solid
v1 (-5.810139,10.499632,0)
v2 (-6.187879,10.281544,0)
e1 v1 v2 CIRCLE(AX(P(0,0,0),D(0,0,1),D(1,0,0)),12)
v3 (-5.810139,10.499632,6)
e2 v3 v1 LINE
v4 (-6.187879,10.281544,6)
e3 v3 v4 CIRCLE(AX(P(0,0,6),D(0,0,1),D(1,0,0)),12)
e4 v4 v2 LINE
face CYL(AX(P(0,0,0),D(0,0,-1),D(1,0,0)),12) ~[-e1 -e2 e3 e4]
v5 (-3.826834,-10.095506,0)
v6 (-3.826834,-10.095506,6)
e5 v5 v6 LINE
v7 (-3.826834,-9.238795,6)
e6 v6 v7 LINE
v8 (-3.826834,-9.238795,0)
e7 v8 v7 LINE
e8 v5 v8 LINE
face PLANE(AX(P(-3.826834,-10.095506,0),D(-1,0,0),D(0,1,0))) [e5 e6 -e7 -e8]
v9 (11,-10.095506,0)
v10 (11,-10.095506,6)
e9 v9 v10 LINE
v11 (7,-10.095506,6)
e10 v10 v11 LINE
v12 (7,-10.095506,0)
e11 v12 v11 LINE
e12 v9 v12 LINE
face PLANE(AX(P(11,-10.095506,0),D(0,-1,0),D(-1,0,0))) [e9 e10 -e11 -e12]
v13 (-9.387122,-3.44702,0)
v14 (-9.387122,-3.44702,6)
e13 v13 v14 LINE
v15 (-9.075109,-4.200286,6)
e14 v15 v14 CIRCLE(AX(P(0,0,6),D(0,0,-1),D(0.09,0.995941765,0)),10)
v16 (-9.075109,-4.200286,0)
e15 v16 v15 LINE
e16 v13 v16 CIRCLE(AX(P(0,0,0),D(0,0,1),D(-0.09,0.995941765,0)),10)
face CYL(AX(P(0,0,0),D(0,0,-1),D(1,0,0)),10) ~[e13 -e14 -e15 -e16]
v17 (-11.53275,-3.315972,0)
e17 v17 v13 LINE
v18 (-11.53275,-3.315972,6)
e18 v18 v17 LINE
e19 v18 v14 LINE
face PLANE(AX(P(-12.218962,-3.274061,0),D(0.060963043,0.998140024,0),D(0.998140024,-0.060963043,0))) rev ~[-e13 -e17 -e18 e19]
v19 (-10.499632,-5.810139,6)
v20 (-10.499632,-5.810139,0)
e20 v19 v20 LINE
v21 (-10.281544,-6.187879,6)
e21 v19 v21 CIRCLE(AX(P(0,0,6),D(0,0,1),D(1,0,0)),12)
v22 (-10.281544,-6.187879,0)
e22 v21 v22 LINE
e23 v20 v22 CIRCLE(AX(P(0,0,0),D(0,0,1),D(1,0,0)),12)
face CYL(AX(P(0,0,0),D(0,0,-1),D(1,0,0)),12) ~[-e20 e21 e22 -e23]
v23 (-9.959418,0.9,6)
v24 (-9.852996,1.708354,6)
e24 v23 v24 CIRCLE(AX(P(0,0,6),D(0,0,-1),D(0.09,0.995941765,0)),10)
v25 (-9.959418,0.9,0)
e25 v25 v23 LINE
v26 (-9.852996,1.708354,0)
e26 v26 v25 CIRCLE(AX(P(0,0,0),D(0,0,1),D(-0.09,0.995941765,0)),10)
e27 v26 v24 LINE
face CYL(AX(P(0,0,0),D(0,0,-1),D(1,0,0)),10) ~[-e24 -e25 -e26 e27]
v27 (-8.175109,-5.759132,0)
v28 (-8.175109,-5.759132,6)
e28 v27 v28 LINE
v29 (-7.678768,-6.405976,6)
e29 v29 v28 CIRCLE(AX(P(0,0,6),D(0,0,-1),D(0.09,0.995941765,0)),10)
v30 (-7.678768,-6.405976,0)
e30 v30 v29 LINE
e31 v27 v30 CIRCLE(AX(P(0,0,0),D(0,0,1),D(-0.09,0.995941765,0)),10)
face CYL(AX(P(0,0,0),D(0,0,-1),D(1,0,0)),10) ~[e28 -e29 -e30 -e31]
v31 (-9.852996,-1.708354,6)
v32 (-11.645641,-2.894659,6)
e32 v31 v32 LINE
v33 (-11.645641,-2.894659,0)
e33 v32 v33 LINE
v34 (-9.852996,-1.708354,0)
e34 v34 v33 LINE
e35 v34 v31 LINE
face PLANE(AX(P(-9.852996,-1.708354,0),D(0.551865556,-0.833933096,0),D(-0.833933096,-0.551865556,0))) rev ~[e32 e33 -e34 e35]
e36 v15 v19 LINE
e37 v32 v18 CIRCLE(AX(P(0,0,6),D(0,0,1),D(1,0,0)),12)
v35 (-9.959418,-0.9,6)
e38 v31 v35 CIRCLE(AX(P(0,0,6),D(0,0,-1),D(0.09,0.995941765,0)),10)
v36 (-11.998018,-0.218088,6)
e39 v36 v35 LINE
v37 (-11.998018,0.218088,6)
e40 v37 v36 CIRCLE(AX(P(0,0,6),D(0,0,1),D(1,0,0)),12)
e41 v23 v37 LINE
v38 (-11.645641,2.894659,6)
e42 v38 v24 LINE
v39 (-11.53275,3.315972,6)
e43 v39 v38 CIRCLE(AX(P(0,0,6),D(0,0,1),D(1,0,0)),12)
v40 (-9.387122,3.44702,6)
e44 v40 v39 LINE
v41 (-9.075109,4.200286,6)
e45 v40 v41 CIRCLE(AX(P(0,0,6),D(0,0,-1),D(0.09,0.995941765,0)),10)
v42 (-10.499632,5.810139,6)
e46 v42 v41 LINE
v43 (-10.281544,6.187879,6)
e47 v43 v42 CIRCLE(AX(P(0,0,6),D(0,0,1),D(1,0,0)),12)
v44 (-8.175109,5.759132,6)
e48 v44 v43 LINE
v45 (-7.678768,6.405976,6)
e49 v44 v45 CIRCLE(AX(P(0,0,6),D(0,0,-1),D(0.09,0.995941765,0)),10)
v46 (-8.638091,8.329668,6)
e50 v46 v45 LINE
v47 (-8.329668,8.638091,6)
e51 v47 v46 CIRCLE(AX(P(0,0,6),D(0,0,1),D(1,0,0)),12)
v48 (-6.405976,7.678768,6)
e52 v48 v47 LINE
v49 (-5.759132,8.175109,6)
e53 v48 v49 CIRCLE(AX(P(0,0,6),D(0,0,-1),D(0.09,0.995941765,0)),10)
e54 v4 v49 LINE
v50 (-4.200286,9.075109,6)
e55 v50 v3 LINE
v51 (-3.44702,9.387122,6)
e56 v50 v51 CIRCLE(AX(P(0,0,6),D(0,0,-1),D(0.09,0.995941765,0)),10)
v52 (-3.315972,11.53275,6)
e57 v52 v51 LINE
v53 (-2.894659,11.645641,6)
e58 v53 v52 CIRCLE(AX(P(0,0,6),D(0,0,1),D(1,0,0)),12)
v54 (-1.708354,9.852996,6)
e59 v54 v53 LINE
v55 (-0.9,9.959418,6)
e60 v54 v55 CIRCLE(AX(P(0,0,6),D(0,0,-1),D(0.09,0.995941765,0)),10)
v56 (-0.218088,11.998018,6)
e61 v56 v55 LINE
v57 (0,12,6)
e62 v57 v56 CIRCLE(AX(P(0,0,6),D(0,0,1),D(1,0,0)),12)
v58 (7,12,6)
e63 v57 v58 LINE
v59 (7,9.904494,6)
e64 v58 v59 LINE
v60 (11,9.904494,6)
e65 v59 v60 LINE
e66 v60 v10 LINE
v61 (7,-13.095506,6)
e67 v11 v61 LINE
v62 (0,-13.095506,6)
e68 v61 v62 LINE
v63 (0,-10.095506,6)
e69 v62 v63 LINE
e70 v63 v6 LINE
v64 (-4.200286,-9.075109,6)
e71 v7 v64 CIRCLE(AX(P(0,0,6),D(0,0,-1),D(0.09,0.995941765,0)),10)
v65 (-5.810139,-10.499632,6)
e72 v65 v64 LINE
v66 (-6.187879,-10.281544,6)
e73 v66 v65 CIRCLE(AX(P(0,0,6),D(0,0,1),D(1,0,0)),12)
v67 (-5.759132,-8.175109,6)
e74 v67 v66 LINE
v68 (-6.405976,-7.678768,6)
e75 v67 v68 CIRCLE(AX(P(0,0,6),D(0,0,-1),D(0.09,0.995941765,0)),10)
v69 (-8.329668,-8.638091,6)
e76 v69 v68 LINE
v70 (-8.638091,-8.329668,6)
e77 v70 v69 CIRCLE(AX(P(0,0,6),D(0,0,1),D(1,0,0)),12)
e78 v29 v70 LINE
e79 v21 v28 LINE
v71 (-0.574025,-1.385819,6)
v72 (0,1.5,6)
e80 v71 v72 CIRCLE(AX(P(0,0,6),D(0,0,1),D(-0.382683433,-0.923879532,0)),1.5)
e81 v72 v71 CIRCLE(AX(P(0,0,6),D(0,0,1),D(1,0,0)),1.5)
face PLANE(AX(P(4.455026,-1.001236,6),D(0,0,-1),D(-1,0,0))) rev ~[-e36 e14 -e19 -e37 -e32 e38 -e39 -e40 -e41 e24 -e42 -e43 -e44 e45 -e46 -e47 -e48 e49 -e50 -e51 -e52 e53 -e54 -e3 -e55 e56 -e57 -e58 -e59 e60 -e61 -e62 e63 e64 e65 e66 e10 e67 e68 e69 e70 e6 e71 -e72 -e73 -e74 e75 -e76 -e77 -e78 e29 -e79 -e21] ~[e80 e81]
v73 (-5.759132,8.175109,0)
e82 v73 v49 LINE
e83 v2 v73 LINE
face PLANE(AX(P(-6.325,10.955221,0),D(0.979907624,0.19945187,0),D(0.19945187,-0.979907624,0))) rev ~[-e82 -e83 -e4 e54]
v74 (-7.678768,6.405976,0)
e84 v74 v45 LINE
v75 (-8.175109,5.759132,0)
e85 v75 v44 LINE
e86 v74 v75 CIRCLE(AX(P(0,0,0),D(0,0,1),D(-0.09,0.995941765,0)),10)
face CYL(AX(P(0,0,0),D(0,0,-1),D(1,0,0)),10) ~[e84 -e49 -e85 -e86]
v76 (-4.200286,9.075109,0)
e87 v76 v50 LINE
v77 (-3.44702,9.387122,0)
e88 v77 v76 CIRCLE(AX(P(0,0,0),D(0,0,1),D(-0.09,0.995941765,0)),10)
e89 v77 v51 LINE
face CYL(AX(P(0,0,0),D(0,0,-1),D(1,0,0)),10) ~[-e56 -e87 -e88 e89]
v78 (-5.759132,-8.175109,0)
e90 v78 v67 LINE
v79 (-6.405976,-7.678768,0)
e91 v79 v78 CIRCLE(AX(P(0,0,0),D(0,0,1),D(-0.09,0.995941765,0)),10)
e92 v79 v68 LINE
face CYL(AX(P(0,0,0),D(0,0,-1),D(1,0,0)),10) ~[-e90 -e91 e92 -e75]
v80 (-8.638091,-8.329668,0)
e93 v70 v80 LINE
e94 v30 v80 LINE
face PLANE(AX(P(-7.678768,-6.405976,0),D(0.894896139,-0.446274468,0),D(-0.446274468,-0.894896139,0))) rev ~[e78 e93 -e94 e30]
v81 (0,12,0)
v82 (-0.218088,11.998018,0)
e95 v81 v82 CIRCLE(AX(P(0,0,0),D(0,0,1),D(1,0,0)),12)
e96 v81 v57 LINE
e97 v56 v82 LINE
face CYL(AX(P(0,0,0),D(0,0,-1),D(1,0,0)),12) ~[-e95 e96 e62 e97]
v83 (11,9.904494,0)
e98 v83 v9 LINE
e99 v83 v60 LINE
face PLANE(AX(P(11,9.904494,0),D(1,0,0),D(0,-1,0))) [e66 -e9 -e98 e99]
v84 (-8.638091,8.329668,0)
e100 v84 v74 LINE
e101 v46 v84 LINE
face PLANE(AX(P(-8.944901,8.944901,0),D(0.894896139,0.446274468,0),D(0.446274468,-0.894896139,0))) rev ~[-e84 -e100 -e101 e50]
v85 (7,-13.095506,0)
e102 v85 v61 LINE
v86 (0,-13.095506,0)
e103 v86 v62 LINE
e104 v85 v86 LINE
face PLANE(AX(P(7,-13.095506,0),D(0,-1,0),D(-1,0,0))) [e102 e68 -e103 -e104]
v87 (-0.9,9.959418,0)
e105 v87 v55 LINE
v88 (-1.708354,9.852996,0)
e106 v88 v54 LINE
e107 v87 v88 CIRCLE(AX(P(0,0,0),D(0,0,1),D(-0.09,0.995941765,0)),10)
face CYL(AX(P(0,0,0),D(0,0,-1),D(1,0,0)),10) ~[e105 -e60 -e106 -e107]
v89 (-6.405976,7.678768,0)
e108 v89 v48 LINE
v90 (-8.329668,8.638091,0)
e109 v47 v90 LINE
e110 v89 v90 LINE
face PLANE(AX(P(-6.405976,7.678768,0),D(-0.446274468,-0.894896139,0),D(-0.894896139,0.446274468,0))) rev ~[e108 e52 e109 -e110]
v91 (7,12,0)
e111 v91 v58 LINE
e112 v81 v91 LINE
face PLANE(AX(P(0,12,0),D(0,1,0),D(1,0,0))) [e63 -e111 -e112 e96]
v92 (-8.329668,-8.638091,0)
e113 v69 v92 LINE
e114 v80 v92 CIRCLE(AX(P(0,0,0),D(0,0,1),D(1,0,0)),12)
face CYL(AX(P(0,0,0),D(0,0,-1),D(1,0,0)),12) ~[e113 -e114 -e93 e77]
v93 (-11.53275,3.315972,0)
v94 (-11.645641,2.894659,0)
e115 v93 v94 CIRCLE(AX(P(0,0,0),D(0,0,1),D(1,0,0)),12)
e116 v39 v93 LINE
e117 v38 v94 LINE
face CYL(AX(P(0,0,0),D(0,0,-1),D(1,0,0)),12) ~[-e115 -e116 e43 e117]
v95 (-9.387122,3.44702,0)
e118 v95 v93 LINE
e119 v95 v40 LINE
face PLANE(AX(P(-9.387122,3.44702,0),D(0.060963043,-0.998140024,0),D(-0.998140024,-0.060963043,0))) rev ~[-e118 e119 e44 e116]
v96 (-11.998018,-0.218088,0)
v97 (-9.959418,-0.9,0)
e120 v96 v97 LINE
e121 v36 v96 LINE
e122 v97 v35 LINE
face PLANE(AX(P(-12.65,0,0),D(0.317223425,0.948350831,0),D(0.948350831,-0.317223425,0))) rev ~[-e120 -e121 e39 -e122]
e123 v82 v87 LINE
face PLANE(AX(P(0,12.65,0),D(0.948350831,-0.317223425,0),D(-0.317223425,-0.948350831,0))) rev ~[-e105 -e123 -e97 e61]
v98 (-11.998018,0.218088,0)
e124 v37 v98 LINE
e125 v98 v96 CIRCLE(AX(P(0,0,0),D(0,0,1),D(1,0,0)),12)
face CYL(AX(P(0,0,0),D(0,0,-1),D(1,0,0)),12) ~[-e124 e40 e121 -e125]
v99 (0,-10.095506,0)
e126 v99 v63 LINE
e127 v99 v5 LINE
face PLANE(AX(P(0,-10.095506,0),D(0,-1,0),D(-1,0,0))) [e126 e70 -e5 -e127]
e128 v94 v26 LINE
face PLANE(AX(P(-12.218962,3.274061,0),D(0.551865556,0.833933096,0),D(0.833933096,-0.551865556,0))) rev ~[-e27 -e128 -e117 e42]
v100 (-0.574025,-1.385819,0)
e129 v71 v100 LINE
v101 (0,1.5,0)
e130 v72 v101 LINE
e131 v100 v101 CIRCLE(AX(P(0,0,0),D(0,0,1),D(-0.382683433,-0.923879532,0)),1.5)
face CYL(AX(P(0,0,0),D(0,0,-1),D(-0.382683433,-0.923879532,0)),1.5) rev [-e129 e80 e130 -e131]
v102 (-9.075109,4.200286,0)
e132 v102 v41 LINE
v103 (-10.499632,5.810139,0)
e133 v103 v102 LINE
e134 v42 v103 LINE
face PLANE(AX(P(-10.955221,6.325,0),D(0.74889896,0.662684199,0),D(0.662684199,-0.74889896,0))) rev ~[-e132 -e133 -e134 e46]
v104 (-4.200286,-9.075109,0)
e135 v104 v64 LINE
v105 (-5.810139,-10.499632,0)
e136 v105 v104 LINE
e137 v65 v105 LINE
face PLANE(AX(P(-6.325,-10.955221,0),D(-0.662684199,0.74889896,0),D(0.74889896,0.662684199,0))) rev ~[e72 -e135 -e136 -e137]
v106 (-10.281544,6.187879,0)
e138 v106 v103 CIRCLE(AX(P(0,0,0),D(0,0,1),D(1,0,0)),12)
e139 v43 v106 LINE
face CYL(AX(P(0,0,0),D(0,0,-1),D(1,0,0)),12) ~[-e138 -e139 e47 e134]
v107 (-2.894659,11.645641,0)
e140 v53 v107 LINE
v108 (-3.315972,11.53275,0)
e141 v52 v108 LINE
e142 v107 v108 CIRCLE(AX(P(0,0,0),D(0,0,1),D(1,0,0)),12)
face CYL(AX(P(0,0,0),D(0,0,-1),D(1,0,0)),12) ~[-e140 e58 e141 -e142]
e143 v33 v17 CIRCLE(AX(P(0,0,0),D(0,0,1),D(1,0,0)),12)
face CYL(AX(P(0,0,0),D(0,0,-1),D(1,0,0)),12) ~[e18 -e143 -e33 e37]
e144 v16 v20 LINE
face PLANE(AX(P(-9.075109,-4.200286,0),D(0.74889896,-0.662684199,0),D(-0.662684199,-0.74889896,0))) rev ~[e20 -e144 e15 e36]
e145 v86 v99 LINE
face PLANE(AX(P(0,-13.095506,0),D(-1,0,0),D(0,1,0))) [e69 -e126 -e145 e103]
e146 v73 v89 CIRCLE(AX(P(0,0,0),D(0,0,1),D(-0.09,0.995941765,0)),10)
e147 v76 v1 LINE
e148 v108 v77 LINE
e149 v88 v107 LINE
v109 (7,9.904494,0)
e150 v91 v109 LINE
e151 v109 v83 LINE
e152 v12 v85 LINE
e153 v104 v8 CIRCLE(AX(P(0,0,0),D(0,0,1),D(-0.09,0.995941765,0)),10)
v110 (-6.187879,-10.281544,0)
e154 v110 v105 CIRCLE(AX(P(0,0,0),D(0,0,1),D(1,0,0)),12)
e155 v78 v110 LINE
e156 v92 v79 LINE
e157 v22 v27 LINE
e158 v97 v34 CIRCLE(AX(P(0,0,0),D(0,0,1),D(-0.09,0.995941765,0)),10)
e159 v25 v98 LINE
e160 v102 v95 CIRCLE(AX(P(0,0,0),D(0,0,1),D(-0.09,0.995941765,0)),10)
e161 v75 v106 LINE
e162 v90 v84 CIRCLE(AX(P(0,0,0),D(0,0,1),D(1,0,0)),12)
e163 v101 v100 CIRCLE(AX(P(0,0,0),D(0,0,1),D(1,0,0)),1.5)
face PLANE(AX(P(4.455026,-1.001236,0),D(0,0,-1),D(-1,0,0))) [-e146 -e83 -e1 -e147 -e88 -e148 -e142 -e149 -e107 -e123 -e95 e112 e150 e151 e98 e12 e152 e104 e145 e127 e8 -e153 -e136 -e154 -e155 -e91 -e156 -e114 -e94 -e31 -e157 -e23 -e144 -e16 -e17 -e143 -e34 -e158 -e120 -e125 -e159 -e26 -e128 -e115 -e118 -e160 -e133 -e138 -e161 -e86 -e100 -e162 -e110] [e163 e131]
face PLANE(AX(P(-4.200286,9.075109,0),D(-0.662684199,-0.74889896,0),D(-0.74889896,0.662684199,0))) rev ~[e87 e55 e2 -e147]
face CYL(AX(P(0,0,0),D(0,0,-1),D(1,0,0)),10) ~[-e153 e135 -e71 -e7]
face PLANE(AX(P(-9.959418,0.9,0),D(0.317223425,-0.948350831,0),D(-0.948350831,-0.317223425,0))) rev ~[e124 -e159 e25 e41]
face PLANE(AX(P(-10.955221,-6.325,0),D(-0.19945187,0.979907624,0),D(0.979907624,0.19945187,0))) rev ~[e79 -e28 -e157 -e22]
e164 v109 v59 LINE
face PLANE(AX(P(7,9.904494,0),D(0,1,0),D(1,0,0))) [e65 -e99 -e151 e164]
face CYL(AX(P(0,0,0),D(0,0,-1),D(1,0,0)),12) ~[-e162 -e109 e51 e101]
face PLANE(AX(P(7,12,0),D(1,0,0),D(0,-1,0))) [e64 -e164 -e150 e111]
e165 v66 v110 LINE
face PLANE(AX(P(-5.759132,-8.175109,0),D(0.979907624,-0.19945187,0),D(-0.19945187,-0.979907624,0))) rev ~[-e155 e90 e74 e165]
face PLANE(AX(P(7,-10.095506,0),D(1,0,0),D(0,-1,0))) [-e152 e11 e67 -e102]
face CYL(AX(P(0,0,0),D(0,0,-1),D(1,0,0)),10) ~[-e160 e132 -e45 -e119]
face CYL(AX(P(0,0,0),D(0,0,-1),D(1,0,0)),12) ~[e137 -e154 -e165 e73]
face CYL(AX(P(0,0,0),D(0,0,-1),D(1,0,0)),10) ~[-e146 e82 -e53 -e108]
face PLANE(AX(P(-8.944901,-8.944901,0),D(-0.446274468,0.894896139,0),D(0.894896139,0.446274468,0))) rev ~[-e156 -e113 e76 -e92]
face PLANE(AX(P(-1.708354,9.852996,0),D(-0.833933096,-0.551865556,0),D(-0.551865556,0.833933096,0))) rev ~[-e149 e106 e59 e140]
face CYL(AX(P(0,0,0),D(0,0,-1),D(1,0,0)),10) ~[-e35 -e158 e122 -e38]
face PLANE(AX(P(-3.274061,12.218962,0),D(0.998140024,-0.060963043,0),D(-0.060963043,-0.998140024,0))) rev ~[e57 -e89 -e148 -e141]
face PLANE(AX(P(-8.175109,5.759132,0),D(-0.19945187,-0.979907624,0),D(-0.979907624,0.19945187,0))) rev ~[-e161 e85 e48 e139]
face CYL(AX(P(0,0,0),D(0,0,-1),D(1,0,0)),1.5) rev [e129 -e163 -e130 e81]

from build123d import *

# Parameters (mm, degrees)
SKETCH1_R           = 10
BOSS_EXTRUDE1_DEPTH = 6
BOSS_EXTRUDE2_DEPTH = 6
CIRPATTERN1_COUNT   = 24
SKETCH3_R           = 12.65
SKETCH3_R_2         = 12
CUT_EXTRUDE1_DEPTH  = 6
CUT_EXTRUDE2_DEPTH  = 6
SKETCH5_R           = 1.5
CUT_EXTRUDE3_DEPTH  = 6
BOSS_EXTRUDE3_DEPTH = 6


with BuildPart() as part:
    # Sketch1 → Boss-Extrude1 (new body)
    with BuildSketch(Plane.XY):
        Circle(SKETCH1_R)
    extrude(amount=BOSS_EXTRUDE1_DEPTH)

    # Sketch2 → Boss-Extrude2 (add)
    with BuildSketch(Plane.XY):
        with BuildLine():
            Line((0, 12.65), (-0.9, 9.959417654))
            ThreePointArc((-0.9, 9.959417654), (0, 10), (0.9, 9.959417654))
            Line((0.9, 9.959417654), (0, 12.65))
        make_face()
    boss_extrude2 = extrude(amount=BOSS_EXTRUDE2_DEPTH)

    # CirPattern1: Boss-Extrude2 ×24 about axis
    cirpattern1_axis = Axis((0, 0, 0), (0, 0, 1))
    for i in range(1, CIRPATTERN1_COUNT):
        add(boss_extrude2.rotate(cirpattern1_axis, i * 360 / CIRPATTERN1_COUNT))

    # Sketch3 → Cut-Extrude1 (cut)
    with BuildSketch(Plane.XY):
        Circle(SKETCH3_R)
        Circle(SKETCH3_R_2, mode=Mode.SUBTRACT)
    extrude(amount=CUT_EXTRUDE1_DEPTH, mode=Mode.SUBTRACT)

    # Sketch4 → Cut-Extrude2 (cut)
    with BuildSketch(Plane.XY):
        with BuildLine():
            Line((0, 0), (0, 12))
            ThreePointArc((0, 12), (11.769423365, -2.341083864), (-4.592201188, -11.08655439))
            Line((-4.592201188, -11.08655439), (-3.826834324, -9.238795325))
            Line((-3.826834324, -9.238795325), (0, 0))
        make_face()
    extrude(amount=CUT_EXTRUDE2_DEPTH, mode=Mode.SUBTRACT)

    # Sketch5 → Cut-Extrude3 (cut)
    with BuildSketch(Plane.XY):
        Circle(SKETCH5_R)
    extrude(amount=CUT_EXTRUDE3_DEPTH, mode=Mode.SUBTRACT)

    # Sketch6 → Boss-Extrude3 (add)
    with BuildSketch(Plane.XY):
        with BuildLine():
            Line((0, 1.5), (0, 12))
            Line((0, 12), (7, 12))
            Line((7, 12), (7, 9.904493766))
            Line((7, 9.904493766), (11, 9.904493766))
            Line((11, 9.904493766), (11, -10.095506234))
            Line((11, -10.095506234), (7, -10.095506234))
            Line((7, -10.095506234), (7, -13.095506234))
            Line((7, -13.095506234), (0, -13.095506234))
            Line((0, -13.095506234), (0, -10.095506234))
            Line((0, -10.095506234), (-3.826834324, -10.095506234))
            Line((-3.826834324, -10.095506234), (-3.826834324, -9.238795325))
            Line((-3.826834324, -9.238795325), (-0.574025149, -1.385819299))
            ThreePointArc((-0.574025149, -1.385819299), (1.471177921, -0.292635483), (0, 1.5))
        make_face()
    extrude(amount=BOSS_EXTRUDE3_DEPTH)


solid = part.part
